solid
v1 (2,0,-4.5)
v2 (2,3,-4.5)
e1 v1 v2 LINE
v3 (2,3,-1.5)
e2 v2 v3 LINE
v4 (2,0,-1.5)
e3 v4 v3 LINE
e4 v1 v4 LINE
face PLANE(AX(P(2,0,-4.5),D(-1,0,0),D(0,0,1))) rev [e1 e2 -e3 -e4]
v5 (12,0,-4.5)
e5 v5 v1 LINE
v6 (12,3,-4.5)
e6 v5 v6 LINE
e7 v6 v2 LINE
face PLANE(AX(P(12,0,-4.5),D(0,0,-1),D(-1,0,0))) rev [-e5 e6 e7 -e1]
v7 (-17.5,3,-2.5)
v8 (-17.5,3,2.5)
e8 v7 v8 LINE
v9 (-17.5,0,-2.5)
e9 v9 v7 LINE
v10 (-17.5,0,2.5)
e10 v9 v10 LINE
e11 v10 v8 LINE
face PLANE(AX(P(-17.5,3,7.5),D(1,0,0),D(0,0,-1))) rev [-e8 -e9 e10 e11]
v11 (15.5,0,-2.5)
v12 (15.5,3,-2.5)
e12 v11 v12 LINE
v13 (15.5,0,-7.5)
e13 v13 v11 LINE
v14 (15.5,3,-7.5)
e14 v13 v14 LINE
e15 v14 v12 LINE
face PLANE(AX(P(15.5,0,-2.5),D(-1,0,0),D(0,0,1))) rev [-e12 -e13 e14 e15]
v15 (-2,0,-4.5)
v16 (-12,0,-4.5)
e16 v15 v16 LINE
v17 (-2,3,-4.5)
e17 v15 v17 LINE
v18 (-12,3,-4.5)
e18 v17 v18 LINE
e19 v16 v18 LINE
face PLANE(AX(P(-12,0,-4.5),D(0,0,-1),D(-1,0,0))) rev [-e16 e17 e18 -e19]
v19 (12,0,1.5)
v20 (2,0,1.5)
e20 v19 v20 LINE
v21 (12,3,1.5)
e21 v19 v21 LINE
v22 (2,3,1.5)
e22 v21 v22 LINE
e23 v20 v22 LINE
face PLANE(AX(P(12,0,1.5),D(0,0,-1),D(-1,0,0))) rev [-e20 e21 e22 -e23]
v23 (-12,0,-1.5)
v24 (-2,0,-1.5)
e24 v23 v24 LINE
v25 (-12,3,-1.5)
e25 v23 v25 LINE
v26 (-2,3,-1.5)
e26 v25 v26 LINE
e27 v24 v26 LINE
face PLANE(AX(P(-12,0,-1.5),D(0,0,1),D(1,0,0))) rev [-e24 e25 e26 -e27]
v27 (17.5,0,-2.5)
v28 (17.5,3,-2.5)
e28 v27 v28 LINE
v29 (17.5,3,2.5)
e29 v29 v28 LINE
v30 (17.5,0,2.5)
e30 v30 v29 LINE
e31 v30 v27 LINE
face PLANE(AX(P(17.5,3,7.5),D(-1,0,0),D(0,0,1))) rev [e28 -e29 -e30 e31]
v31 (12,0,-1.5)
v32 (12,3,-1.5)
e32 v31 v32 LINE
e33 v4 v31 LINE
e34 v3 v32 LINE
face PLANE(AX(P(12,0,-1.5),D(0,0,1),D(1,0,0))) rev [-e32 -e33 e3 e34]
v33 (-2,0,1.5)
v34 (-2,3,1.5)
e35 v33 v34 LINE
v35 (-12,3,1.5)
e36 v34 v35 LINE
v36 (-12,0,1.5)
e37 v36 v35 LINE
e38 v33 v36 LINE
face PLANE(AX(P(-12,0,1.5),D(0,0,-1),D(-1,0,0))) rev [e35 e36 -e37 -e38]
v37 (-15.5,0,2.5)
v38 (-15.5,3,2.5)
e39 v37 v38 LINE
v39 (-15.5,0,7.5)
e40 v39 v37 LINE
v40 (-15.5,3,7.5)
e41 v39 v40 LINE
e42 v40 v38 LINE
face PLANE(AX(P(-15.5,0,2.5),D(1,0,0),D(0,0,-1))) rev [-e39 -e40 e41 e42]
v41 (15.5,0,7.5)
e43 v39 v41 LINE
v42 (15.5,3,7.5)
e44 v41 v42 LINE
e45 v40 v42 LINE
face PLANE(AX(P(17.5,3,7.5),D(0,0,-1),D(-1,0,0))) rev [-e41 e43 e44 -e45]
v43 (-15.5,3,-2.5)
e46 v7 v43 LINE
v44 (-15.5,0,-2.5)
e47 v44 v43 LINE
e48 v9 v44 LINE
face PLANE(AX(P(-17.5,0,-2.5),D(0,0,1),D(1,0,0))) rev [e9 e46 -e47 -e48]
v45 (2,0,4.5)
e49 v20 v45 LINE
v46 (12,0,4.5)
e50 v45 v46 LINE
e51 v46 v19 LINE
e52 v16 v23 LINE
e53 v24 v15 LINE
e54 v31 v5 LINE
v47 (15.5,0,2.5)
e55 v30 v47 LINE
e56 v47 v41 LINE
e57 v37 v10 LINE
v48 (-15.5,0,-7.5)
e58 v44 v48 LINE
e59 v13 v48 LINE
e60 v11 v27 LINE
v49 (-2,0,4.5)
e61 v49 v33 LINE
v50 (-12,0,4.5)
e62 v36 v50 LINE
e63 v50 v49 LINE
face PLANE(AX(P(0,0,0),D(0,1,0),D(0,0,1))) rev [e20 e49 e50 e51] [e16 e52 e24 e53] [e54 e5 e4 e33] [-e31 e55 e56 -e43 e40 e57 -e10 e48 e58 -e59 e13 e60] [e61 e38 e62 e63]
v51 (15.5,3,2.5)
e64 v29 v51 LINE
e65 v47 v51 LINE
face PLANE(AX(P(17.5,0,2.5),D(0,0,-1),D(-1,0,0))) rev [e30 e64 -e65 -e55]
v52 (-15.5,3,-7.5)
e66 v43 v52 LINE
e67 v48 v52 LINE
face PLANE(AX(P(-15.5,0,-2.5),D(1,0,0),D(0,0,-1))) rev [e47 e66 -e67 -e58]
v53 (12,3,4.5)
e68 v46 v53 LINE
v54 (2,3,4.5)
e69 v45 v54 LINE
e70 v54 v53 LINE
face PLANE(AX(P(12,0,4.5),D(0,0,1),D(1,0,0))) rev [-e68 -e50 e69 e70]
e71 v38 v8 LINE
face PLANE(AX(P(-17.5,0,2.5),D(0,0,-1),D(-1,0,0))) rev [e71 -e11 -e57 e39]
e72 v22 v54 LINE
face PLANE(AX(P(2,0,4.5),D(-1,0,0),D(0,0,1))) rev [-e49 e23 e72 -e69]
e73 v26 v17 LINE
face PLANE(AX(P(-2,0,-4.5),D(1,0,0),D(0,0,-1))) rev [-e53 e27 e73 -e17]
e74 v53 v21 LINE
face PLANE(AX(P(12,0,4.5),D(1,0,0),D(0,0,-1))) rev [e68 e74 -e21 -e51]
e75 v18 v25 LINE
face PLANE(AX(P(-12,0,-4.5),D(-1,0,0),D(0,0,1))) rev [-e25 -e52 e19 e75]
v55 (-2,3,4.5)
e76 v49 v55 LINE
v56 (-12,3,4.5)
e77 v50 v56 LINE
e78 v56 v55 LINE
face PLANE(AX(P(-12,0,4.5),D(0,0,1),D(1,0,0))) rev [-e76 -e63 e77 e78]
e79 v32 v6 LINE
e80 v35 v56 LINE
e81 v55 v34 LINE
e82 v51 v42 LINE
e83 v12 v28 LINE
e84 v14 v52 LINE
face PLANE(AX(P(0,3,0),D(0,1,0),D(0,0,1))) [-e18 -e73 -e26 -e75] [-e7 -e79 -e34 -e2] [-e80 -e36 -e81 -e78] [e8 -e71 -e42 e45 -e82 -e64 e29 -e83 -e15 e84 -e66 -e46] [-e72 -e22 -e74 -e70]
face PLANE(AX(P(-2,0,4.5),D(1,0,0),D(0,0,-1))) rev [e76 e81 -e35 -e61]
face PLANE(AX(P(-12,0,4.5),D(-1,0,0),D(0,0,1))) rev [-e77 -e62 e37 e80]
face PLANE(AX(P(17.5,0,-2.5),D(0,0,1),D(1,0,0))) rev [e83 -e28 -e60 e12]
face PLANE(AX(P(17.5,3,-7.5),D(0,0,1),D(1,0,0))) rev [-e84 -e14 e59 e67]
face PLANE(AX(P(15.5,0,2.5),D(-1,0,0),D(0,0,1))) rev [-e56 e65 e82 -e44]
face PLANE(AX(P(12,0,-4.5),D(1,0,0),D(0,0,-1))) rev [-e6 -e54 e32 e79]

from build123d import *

# Parameters (mm, degrees)
SKETCH1_W           = 35
SKETCH1_H           = 15
BOSS_EXTRUDE1_DEPTH = 3
SKETCH2_W           = 10
SKETCH2_H           = 3
CUT_EXTRUDE1_DEPTH  = 3
SKETCH3_W           = 2
SKETCH3_H           = 5
CUT_EXTRUDE2_DEPTH  = 3


with BuildPart() as part:
    # Sketch1 → Boss-Extrude1 (new body)
    with BuildSketch(Plane(origin=(0, 0, 0), x_dir=(1, 0, 0), z_dir=(0, 1, 0))):
        Rectangle(SKETCH1_W, SKETCH1_H)
    extrude(amount=BOSS_EXTRUDE1_DEPTH)

    # Sketch2 → Cut-Extrude1 (cut)
    with BuildSketch(Plane(origin=(0, 3, 0), x_dir=(1, 0, 0), z_dir=(0, 1, 0))):
        with Locations((-7, -3)):
            Rectangle(SKETCH2_W, SKETCH2_H)
        with Locations((-7, 3)):
            Rectangle(SKETCH2_W, SKETCH2_H)
        with Locations((7, -3)):
            Rectangle(SKETCH2_W, SKETCH2_H)
        with Locations((7, 3)):
            Rectangle(SKETCH2_W, SKETCH2_H)
    extrude(amount=-CUT_EXTRUDE1_DEPTH, mode=Mode.SUBTRACT)

    # Sketch3 → Cut-Extrude2 (cut)
    with BuildSketch(Plane(origin=(0, 3, 0), x_dir=(1, 0, 0), z_dir=(0, 1, 0))):
        with Locations((16.5, 5)):
            Rectangle(SKETCH3_W, SKETCH3_H)
        with Locations((16.5, -5)):
            Rectangle(SKETCH3_W, SKETCH3_H)
        with Locations((-16.5, -5)):
            Rectangle(SKETCH3_W, SKETCH3_H)
        with Locations((-16.5, 5)):
            Rectangle(SKETCH3_W, SKETCH3_H)
    extrude(amount=-CUT_EXTRUDE2_DEPTH, mode=Mode.SUBTRACT)


solid = part.part
